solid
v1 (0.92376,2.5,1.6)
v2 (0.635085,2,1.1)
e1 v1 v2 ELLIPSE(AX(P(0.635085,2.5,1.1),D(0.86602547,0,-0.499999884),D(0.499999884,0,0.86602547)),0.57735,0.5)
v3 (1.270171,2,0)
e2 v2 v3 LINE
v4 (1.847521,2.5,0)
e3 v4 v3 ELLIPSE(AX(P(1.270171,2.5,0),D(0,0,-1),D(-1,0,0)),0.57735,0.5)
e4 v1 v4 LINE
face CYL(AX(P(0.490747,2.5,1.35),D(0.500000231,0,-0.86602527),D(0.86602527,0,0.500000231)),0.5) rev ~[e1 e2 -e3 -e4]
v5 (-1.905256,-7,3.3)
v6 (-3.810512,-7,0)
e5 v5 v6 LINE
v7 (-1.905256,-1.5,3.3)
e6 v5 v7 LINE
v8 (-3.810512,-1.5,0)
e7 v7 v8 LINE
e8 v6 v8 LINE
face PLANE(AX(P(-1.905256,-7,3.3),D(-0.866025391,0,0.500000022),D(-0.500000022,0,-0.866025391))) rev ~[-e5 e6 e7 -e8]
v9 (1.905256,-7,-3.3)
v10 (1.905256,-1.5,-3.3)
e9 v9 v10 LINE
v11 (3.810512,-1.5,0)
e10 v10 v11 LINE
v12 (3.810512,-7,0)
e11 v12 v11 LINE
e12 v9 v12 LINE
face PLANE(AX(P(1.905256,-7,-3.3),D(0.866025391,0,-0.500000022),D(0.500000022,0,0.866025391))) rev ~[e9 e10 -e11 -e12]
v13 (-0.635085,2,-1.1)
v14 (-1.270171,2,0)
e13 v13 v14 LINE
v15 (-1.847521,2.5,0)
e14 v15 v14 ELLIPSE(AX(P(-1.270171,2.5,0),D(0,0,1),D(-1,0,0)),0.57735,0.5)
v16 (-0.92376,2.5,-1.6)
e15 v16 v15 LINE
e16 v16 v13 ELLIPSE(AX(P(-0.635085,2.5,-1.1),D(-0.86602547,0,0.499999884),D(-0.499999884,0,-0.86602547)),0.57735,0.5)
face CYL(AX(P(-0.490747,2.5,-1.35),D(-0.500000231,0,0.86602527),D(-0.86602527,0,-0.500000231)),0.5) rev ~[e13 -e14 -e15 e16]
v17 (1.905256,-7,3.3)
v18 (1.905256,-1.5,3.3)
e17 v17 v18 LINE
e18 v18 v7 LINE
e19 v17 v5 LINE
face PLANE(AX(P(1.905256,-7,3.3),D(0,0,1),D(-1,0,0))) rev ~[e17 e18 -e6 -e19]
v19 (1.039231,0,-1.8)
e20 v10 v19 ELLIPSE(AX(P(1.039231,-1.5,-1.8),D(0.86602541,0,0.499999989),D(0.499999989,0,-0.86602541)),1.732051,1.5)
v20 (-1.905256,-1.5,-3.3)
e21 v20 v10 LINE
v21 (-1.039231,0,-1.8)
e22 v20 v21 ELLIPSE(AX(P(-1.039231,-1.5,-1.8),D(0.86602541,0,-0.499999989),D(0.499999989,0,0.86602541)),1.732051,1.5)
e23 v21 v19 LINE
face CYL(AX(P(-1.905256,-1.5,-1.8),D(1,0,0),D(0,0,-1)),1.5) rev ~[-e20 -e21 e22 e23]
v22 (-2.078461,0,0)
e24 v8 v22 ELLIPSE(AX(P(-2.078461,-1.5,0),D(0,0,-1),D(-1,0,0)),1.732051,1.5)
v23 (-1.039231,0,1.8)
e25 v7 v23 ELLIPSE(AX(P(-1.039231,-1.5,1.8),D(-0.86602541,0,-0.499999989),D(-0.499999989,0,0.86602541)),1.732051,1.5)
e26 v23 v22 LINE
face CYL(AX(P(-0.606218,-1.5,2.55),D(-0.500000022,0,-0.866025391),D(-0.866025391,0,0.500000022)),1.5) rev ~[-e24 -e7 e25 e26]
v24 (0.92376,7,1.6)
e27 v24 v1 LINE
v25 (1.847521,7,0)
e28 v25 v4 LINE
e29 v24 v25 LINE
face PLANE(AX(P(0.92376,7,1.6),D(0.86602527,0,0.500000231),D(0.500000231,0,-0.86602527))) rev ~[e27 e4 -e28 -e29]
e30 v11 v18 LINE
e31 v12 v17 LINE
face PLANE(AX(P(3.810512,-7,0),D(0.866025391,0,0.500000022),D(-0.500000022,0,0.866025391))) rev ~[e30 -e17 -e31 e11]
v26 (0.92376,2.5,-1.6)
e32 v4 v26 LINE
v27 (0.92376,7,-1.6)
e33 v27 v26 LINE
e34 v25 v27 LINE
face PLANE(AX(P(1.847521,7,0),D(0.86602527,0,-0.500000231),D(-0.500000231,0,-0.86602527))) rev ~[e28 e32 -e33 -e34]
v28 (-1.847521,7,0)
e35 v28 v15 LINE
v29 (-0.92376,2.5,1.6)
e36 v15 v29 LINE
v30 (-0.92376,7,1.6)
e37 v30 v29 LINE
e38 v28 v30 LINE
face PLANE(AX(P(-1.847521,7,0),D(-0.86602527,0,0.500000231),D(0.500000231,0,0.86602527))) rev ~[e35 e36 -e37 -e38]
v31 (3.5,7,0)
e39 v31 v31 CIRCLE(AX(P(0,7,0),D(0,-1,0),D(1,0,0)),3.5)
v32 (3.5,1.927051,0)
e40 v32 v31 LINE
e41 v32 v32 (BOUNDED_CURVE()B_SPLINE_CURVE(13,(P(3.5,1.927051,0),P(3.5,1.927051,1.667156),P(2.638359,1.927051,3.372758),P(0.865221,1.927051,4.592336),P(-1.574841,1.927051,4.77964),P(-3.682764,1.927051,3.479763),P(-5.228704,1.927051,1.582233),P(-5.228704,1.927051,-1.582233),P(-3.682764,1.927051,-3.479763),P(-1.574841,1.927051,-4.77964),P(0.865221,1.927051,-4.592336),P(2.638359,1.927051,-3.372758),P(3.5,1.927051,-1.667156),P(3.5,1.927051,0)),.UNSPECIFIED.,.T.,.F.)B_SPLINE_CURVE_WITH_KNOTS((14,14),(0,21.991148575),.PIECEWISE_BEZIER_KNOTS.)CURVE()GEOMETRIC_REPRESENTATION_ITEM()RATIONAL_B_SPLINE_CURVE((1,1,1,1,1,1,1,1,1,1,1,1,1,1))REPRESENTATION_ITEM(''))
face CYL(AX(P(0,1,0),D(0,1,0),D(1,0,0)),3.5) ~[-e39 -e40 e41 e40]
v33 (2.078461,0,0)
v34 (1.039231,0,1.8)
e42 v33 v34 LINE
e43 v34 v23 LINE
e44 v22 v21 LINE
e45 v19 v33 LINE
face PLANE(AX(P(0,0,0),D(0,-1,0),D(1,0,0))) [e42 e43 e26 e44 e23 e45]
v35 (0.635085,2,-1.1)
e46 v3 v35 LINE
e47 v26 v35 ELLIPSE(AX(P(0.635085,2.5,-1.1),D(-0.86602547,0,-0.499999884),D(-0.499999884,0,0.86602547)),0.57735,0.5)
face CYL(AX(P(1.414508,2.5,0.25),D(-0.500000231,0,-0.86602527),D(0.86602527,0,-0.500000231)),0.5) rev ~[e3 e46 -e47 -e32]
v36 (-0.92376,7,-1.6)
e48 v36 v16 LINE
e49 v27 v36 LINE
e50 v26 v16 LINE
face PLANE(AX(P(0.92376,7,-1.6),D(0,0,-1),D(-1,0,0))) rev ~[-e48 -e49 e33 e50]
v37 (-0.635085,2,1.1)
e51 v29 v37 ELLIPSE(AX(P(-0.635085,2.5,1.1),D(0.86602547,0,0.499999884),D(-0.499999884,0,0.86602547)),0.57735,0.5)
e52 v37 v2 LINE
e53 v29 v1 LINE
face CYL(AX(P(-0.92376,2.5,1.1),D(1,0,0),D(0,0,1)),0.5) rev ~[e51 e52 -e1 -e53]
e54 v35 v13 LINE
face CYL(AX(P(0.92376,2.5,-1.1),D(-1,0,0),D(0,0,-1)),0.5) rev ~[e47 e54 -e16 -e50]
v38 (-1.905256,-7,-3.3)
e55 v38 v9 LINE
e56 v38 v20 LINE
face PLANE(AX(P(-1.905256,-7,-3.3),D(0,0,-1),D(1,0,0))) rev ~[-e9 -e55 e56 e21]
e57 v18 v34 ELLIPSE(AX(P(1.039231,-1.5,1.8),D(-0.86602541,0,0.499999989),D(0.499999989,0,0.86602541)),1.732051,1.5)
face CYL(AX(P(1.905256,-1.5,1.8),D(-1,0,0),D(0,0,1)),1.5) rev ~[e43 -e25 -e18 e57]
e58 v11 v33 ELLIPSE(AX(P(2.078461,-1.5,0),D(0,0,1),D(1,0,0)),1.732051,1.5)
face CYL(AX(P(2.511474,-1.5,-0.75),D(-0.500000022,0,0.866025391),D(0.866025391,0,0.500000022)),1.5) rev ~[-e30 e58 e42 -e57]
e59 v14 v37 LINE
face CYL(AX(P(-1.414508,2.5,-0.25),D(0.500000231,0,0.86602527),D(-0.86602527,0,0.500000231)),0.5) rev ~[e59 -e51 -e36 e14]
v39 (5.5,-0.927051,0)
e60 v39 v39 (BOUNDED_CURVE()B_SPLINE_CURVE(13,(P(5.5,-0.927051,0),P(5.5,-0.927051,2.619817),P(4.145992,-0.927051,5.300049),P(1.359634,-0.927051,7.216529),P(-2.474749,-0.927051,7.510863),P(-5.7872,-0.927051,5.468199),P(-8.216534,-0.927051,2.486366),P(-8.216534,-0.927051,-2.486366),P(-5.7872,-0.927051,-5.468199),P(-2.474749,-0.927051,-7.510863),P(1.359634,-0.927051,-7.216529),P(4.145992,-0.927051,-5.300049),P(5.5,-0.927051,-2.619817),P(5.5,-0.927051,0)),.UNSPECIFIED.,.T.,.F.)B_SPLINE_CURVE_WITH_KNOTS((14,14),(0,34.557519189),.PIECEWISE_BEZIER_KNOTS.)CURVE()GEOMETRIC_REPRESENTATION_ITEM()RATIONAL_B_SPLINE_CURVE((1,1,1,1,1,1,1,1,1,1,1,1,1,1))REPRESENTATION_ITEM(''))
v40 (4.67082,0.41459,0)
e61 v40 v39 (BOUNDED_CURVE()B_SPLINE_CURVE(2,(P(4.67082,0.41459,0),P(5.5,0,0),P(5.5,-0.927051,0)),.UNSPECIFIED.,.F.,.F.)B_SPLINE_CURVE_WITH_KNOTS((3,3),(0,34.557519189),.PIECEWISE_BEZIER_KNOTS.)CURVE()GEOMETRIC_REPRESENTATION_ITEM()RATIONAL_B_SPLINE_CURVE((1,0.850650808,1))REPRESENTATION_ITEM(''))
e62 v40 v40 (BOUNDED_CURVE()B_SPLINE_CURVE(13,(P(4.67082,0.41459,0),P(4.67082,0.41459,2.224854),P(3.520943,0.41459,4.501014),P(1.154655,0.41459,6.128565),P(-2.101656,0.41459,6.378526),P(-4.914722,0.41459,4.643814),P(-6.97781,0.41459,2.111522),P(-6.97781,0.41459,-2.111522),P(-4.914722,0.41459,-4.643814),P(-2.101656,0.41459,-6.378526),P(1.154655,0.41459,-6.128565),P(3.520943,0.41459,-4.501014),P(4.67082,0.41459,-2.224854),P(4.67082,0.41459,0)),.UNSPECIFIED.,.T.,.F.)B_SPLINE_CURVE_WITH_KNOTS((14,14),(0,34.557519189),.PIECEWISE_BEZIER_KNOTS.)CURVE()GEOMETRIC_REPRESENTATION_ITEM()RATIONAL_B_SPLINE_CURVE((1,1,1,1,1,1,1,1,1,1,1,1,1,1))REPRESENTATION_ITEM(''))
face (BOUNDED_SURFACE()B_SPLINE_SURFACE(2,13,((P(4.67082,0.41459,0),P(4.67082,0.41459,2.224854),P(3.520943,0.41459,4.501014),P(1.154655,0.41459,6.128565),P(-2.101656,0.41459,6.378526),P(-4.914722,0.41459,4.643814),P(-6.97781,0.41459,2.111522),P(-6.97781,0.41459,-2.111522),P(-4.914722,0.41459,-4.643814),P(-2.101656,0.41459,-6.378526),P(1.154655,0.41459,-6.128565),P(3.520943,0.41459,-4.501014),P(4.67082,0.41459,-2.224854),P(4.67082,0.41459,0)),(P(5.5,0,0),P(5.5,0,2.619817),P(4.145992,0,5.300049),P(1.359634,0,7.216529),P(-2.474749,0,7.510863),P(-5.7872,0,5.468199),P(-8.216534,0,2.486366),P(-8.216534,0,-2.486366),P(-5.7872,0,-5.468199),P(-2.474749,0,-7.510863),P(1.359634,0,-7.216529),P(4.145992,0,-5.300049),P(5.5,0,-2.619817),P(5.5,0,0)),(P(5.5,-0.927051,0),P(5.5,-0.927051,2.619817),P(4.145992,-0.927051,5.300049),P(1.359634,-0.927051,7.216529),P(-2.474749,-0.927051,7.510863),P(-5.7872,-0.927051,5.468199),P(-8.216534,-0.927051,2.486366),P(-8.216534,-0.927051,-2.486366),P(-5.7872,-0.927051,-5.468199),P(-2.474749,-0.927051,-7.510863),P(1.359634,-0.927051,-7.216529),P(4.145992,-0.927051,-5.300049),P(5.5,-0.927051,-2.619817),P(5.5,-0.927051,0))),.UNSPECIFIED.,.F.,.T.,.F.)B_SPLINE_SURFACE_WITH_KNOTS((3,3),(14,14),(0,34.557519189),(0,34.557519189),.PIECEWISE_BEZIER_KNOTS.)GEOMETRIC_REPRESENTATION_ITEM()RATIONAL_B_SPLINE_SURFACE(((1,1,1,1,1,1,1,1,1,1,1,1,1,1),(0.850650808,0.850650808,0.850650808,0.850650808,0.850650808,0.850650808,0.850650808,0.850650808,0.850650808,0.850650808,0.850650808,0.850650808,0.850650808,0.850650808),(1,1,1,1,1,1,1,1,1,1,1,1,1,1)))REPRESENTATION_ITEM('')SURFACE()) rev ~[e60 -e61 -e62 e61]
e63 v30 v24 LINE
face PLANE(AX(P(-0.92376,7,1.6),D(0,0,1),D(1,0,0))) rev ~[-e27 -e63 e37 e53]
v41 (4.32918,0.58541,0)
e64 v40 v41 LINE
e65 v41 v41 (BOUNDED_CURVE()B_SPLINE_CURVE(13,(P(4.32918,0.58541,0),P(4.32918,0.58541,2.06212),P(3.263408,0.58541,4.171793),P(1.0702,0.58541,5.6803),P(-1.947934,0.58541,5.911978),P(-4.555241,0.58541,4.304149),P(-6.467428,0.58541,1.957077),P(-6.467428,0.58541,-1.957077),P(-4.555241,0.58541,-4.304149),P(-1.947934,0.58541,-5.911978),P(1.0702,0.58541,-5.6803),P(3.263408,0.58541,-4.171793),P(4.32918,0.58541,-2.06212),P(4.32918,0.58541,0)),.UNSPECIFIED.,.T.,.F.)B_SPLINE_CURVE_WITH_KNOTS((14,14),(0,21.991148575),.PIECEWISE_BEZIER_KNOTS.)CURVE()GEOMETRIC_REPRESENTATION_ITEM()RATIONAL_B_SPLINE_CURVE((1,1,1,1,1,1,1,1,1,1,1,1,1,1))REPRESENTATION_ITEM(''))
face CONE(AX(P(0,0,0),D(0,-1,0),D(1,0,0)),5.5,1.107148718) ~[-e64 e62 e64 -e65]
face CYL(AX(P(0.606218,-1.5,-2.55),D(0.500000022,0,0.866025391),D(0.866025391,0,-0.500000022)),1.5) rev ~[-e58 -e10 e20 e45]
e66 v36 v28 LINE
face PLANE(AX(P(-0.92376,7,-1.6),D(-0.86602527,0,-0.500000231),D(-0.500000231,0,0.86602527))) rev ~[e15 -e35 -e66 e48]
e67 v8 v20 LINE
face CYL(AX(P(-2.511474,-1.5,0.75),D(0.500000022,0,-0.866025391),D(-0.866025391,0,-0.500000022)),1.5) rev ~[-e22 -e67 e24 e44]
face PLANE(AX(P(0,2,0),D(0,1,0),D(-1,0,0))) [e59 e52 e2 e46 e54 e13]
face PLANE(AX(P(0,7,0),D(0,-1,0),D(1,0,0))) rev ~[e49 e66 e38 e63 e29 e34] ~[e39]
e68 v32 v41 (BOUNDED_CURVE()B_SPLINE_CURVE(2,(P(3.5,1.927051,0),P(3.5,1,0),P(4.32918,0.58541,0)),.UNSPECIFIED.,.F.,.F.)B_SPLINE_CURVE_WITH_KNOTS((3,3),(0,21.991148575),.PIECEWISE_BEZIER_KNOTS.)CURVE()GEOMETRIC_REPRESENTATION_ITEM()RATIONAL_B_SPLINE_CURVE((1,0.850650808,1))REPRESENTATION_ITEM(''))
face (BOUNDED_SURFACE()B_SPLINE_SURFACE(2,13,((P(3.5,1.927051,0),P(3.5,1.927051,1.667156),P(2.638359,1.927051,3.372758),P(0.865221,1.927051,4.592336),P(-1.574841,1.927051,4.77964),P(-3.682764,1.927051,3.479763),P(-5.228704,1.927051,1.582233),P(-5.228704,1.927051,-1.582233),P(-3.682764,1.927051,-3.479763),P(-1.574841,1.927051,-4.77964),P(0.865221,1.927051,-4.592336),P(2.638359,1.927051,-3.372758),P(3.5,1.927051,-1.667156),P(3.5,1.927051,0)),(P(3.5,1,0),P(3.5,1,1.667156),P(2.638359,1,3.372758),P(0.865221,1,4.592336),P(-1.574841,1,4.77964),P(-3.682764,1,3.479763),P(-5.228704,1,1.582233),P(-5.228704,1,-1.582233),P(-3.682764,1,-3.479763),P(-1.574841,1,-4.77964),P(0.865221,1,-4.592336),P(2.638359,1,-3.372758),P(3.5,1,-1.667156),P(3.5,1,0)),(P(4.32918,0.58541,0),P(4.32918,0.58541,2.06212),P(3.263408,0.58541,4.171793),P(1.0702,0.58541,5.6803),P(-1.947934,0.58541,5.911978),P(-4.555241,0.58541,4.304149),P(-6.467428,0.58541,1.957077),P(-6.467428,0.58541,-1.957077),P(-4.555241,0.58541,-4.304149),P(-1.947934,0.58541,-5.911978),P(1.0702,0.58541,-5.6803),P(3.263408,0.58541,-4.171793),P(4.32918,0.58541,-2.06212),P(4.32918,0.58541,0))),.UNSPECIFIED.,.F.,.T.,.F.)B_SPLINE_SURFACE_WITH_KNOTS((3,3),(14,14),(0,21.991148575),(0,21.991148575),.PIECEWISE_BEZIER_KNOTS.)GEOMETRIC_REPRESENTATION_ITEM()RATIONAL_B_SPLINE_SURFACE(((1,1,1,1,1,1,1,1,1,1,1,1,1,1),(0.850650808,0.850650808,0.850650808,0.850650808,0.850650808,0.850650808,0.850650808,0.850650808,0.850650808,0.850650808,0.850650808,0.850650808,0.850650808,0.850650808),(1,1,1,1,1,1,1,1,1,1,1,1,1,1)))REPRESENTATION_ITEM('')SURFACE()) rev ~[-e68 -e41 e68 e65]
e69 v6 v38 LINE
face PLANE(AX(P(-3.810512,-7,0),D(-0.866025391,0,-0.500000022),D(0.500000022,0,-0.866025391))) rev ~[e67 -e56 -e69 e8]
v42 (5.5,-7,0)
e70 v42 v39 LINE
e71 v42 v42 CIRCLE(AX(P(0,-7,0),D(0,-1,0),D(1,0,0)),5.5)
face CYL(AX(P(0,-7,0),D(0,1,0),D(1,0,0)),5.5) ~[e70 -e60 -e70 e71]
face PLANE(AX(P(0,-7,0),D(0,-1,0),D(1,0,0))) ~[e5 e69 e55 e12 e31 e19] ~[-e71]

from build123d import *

# Parameters (mm, degrees)
F3_DEPTH = 5
F5_R     = 1.5
F6_DEPTH = 7
F7_R     = 1.5
F8_R     = 0.5


with BuildPart() as f1:
    # F0 (on Top) → F1 (revolve)
    with BuildSketch(Plane.XY):
        Polygon((3.5, 1), (3.5, 7), (0, 7), (0, -7), (5.5, -7), (5.5, 0), align=None)
    revolve(axis=Axis((0, -5.739396, 0), (0, -1, 0)))

    # F2 (on face) → F3 (cut)
    with BuildSketch(Plane(origin=(0, 7, 0), x_dir=(-1, 0, 0), z_dir=(0, 1, 0))):
        Polygon((0.92376, -1.6), (1.847521, 0), (0.92376, 1.6), (-0.92376, 1.6), (-1.847521, 0), (-0.92376, -1.6), align=None)
    extrude(amount=-F3_DEPTH, mode=Mode.SUBTRACT)

    # F5
    f5_edges = [f1.edges().sort_by_distance(p)[0] for p in [
        (-5.5, 0, 0),
        (-3.5, 1, 0),
    ]]
    fillet(f5_edges, radius=F5_R)

    # F4 (on face) → F6 (cut)
    with BuildSketch(Plane.XZ.offset(7)):
        Polygon((1.905256, -3.3), (3.810512, 0), (1.905256, 3.3), (-1.905256, 3.3), (-3.810512, 0), (-1.905256, -3.3), align=None)
    extrude(amount=-F6_DEPTH, mode=Mode.SUBTRACT)

    # F7
    f7_edges = [f1.edges().sort_by_distance(p)[0] for p in [
        (0, 0, -3.3),
        (2.857884, 0, -1.65),
        (2.857884, 0, 1.65),
        (0, 0, 3.3),
        (-2.857884, 0, 1.65),
        (-2.857884, 0, -1.65),
    ]]
    fillet(f7_edges, radius=F7_R)

    # F8
    f8_edges = [f1.edges().sort_by_distance(p)[0] for p in [
        (0, 2, -1.6),
        (-1.385641, 2, -0.8),
        (1.385641, 2, -0.8),
        (-1.385641, 2, 0.8),
        (0, 2, 1.6),
        (1.385641, 2, 0.8),
    ]]
    fillet(f8_edges, radius=F8_R)


solid = f1.part
